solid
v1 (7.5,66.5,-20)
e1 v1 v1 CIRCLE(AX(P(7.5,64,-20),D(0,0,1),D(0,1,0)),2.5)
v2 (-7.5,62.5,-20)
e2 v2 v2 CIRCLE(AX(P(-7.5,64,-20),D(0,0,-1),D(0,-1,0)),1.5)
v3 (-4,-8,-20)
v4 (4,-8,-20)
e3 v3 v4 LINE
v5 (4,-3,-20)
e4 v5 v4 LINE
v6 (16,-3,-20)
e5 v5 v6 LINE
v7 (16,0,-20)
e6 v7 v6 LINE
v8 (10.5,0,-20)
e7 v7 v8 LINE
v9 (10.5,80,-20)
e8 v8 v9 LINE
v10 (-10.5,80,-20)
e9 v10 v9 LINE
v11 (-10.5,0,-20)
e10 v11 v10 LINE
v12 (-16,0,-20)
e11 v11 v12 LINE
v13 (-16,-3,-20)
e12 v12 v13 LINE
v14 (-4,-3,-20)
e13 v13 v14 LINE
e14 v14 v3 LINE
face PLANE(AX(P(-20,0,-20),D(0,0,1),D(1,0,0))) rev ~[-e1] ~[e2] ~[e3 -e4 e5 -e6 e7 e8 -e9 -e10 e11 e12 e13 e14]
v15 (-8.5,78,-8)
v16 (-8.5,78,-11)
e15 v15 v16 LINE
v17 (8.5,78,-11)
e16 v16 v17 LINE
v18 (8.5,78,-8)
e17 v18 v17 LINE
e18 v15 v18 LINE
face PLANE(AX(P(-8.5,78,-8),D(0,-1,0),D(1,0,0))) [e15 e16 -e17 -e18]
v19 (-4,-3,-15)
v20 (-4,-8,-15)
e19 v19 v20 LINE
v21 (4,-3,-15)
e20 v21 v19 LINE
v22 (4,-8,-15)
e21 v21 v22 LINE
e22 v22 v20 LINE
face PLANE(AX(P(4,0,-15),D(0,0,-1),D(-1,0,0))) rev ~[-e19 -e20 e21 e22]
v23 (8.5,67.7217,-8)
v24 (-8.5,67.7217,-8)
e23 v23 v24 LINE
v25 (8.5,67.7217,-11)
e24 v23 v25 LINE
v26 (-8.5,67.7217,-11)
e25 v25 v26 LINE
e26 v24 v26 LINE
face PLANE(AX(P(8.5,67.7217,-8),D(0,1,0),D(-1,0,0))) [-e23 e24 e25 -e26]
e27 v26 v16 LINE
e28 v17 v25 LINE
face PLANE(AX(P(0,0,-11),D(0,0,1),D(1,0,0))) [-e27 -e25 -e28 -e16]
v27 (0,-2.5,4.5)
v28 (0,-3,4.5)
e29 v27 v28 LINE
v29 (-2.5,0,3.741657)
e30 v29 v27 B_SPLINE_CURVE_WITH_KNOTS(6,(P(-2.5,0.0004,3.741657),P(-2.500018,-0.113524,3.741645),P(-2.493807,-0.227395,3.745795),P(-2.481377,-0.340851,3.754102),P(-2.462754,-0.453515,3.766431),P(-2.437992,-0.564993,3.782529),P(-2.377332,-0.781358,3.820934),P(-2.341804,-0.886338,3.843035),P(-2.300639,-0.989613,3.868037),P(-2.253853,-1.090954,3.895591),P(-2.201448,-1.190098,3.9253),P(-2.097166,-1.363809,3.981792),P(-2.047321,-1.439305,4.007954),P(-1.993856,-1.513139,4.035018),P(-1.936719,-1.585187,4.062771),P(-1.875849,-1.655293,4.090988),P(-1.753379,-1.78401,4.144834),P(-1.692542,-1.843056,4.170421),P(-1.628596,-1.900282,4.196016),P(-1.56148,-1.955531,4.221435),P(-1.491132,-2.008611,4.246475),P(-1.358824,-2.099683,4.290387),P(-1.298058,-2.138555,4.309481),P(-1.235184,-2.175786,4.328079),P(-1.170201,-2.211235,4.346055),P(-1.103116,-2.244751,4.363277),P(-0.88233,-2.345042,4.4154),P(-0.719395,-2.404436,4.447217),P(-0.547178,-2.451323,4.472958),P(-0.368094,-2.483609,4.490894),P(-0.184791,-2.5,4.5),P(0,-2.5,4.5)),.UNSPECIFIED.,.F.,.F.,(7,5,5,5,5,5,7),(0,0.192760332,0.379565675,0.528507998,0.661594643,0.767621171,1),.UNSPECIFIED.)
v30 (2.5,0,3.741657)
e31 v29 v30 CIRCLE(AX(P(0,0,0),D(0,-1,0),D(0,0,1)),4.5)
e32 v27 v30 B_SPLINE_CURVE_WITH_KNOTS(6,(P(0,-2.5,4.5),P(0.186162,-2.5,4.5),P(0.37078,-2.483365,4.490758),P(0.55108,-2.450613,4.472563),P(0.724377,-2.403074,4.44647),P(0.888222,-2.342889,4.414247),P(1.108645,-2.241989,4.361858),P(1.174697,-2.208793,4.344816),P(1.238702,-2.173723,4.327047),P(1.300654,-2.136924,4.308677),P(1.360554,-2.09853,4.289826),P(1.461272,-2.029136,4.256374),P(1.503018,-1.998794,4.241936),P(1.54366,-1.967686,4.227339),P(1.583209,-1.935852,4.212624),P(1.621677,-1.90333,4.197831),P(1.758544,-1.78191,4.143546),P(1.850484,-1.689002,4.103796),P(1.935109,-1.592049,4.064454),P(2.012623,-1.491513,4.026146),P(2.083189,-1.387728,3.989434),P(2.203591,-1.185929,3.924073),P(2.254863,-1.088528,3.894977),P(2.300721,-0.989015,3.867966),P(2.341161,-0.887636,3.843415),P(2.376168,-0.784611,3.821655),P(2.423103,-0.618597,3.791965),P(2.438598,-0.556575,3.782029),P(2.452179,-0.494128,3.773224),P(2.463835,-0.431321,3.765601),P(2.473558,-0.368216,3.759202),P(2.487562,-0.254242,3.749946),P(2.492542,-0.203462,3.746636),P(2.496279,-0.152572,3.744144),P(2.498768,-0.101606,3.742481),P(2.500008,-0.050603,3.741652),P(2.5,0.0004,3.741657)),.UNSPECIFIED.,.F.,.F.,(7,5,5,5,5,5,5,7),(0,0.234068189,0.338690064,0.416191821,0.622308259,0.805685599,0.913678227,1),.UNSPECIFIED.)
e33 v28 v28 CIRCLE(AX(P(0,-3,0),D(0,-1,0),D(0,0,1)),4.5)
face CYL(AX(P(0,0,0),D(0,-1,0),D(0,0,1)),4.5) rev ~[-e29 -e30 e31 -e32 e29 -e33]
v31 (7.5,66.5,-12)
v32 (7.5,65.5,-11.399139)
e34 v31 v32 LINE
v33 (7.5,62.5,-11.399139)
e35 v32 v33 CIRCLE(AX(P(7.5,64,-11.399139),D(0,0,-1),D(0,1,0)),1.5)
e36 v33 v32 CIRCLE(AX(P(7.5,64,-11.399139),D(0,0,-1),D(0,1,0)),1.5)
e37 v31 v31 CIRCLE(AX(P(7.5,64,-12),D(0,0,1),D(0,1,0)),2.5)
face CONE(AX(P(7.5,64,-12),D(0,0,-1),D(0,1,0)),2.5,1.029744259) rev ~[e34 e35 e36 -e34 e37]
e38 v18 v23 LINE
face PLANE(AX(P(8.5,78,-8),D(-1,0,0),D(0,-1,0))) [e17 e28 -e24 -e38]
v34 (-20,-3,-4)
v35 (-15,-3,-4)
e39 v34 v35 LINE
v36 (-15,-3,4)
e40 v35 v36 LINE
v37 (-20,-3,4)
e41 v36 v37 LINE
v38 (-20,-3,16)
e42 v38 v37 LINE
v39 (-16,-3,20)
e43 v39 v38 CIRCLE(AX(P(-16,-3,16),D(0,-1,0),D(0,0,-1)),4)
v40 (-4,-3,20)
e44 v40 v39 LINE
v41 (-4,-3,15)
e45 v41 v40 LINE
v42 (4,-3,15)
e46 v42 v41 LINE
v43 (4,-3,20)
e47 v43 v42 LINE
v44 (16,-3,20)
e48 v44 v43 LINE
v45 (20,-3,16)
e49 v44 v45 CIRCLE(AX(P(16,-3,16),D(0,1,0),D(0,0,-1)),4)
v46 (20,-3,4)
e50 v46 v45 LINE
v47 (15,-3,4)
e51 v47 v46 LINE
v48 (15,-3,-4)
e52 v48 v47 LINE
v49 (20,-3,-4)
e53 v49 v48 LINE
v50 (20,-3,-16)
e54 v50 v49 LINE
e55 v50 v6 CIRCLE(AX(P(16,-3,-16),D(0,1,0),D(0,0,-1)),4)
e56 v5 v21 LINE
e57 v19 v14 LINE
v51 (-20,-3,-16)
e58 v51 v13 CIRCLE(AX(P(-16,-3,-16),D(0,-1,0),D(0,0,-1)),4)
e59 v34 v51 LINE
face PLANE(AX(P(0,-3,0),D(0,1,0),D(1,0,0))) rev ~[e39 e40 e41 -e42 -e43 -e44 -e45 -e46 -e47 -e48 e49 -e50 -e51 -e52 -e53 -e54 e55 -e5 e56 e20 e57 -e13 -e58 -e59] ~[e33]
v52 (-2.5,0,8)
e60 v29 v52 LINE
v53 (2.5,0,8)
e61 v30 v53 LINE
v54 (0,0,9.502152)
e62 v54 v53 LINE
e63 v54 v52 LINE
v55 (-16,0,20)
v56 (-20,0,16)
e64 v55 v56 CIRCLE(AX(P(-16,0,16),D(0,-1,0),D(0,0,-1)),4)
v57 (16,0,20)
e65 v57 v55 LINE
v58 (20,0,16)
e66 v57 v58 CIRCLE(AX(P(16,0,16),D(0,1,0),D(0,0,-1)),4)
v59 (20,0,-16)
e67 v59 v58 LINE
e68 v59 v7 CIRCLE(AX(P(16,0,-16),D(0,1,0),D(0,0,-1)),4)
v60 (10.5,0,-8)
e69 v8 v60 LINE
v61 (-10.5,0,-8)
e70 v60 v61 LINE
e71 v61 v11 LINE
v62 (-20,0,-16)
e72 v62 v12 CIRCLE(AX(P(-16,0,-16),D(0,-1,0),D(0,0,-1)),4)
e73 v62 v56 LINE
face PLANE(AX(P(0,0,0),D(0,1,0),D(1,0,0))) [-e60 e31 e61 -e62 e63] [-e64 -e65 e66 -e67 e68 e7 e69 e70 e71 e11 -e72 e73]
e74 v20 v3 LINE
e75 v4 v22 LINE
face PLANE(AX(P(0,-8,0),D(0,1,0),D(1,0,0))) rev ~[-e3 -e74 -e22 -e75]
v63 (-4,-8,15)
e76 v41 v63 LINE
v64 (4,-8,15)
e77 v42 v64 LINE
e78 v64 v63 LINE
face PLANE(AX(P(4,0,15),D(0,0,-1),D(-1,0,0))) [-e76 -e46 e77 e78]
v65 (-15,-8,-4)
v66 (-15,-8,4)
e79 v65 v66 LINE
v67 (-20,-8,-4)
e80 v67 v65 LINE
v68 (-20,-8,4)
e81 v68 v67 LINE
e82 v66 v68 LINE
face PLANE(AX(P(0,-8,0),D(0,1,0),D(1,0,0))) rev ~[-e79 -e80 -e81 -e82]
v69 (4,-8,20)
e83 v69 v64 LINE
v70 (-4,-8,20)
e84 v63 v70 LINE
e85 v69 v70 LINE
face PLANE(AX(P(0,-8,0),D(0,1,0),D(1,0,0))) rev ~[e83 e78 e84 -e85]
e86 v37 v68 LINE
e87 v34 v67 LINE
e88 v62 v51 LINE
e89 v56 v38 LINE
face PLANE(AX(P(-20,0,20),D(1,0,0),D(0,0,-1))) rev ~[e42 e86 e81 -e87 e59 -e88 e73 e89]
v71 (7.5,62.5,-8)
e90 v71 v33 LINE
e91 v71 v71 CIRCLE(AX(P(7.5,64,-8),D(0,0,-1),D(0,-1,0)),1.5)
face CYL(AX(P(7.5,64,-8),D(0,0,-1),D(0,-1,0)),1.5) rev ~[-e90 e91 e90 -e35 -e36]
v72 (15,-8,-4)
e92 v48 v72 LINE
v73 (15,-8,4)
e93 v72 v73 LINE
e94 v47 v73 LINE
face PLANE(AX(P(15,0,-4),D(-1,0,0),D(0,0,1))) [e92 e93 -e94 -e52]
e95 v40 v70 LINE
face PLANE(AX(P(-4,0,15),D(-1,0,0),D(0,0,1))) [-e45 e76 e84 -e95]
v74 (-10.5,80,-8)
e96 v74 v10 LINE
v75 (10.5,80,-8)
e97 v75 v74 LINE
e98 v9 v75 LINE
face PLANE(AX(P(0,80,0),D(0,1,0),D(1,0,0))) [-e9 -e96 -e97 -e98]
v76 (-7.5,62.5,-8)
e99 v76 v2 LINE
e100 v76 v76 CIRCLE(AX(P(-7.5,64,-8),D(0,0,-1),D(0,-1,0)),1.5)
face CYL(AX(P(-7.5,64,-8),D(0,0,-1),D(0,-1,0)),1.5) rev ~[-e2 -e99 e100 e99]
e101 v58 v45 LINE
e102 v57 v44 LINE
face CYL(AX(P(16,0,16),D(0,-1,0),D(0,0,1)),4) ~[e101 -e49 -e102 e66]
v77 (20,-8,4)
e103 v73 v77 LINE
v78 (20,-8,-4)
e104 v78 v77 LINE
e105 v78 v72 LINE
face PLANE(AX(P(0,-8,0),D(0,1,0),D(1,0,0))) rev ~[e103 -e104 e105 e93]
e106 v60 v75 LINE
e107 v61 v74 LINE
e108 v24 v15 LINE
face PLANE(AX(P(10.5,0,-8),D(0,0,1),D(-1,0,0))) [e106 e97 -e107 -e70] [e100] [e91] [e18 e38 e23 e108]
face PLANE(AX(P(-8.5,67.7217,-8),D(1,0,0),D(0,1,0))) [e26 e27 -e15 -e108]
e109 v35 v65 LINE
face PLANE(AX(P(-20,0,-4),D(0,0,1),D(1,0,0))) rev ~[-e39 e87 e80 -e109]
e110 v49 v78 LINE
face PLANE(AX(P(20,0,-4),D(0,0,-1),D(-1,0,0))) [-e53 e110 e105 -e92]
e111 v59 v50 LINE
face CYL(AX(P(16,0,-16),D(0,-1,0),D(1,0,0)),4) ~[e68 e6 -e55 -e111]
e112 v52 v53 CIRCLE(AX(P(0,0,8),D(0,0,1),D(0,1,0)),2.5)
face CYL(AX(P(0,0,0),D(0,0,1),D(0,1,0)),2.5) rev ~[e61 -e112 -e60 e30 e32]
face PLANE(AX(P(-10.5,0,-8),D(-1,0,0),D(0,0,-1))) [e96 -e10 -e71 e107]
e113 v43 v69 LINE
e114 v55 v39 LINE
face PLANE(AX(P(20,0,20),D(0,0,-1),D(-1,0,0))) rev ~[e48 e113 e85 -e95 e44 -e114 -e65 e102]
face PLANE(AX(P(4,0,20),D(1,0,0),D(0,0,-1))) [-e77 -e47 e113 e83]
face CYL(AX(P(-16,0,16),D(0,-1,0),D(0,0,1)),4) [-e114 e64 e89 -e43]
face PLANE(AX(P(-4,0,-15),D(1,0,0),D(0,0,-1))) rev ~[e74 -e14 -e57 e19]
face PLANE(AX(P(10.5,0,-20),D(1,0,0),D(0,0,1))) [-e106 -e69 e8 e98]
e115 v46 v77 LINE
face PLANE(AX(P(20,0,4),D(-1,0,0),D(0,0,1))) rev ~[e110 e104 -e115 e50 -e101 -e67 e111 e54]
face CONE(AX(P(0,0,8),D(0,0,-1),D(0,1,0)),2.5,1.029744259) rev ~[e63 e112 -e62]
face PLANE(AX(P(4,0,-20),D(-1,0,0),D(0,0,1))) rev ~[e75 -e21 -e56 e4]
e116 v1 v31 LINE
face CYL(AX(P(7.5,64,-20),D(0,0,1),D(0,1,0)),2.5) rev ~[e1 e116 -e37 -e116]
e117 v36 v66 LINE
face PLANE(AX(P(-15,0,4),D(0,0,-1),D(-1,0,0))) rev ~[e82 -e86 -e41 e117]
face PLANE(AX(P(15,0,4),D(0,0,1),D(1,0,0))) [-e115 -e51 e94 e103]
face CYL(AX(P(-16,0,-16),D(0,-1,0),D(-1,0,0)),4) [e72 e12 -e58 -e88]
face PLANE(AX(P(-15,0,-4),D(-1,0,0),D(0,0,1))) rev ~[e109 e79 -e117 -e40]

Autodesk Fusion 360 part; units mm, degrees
sketch "Sketch1" plane through (0, 0, 0) normal (0, 1, 0) x (1, 0, 0)
  line L0 (20, -20) -> (-20, -20)
  line L1 (-20, -20) -> (-20, 20)
  line L2 (-20, 20) -> (20, 20)
  line L3 (20, 20) -> (20, -20)
  line L4 (20, -20) -> (-20, 20) construction
  line L5 (-20, -20) -> (20, 20) construction
  line L6 (-20, 4) -> (-15, 4)
  line L7 (-15, 4) -> (-15, -4)
  line L8 (-15, -4) -> (-20, -4)
  line L9 (-20, -4) -> (-20, 4)
  line L10 (-4, 20) -> (4, 20)
  line L11 (4, 20) -> (4, 15)
  line L12 (4, 15) -> (-4, 15)
  line L13 (-4, 15) -> (-4, 20)
  line L14 (20, 4) -> (15, 4)
  line L15 (15, 4) -> (15, -4)
  line L16 (15, -4) -> (20, -4)
  line L17 (20, -4) -> (20, 4)
  line L18 (-4, -20) -> (4, -20)
  line L19 (4, -20) -> (4, -15)
  line L20 (4, -15) -> (-4, -15)
  line L21 (-4, -15) -> (-4, -20)
  dimension "d1" = 40
  dimension "d2" = 40
  dimension "d3" = 5
  dimension "d4" = 8
  dimension "d5" = 16
  dimension "d6" = 5
  dimension "d7" = 16
  dimension "d8" = 8
  dimension "d9" = 5
  dimension "d10" = 5
  dimension "d11" = 8
  dimension "d12" = 8
  dimension "d13" = 16
  dimension "d14" = 16
extrude "Extrude1" add sketch "Sketch1" against normal blind 3 contours L0 L1 L2 L3 L6 L7 L8 L11 L12 L13 L14 L15 L16 L19 L20 L21
extrude "Extrude2" add sketch "Sketch1" against normal blind 8 contours L0 L18 L19 L20 L21 | L3 L14 L15 L16 L17 | L1 L6 L7 L8 L9 | L2 L10 L11 L12 L13
hole "Hole1" at (0, 0, 0) direction (0, -1, 0) diameter 9 depth 30 tip angle 118
fillet "Fillet1" radius 4 4 edges at (20, -1.5, -20) (-20, -1.5, -20) (20, -1.5, 20) (-20, -1.5, 20)
sketch "Sketch2" plane through (0, 0, 0) normal (0, 0, 1) x (1, 0, 0)
sketch "Sketch3" plane through (0, 0, 0) normal (0, 1, 0) x (1, 0, 0)
  line L0 (-10.5, 20) -> (10.5, 20)
  line L1 (10.5, 20) -> (10.5, 8)
  line L2 (10.5, 8) -> (-10.5, 8)
  line L3 (-10.5, 8) -> (-10.5, 20)
  line L4 (-20, -20) -> (-20, 20)
  dimension "d26" = 21
  dimension "d27" = 9.5
  dimension "d28" = 12
extrude "Extrude3" add sketch "Sketch3" along normal blind 80
sketch "Sketch4" plane through (0, 0, -8) normal (0, 0, 1) x (1, 0, 0)
  line L0 (-10.5, 0) -> (10.5, 0)
  line L1 (10.5, 0) -> (10.5, 80)
  line L2 (10.5, 80) -> (-10.5, 80)
  line L3 (-10.5, 80) -> (-10.5, 0)
  line L4 (-10.5, 80) -> (10.5, 80)
  line L5 (10.5, 80) -> (10.5, 59)
  line L6 (10.5, 59) -> (-10.5, 59)
  line L7 (-10.5, 59) -> (-10.5, 80)
  line L8 (8.5, 78) -> (8.5, 61)
  line L9 (8.5, 61) -> (-8.5, 61)
  line L10 (-8.5, 61) -> (-8.5, 78)
  line L11 (-8.5, 78) -> (8.5, 78)
  line L12 (-8.5, 78) -> (8.5, 78)
  line L13 (8.5, 78) -> (8.5, 67.7217)
  line L14 (8.5, 67.7217) -> (-8.5, 67.7217)
  line L15 (-8.5, 67.7217) -> (-8.5, 78)
  point P0 (-7.5, 64)
  point P1 (7.5, 64)
  dimension "d29" = 21
  dimension "d30" = 21
  dimension "d31" = 2
  dimension "d34" = 5
  dimension "d35" = 15
  dimension "d36" = 3
hole "Hole2" at (-7.5, 64, -8) at (7.5, 64, -8) direction (0, 0, -1) diameter 3 depth 55 tip angle 118
extrude "Extrude4" cut sketch "Sketch4" against normal blind 3 contours L8 L10 L11 L12 L13 L14 L15
sketch "Sketch5" plane through (0, 0, -20) normal (0, 0, -1) x (-1, 0, 0)
  circle A0 centre (7.5, 64) radius 1.5
  circle A1 centre (-7.5, 64) radius 1.5
  line L0 (16, -3) -> (16, 0)
  line L1 (16, 0) -> (10.5, 0)
  line L2 (10.5, 0) -> (10.5, 80)
  line L3 (10.5, 80) -> (-10.5, 80)
  line L4 (-10.5, 80) -> (-10.5, 0)
  line L5 (-10.5, 0) -> (-16, 0)
  line L6 (-16, 0) -> (-16, -3)
  line L7 (-16, -3) -> (-4, -3)
  line L8 (-4, -3) -> (-4, -8)
  line L9 (-4, -8) -> (4, -8)
  line L10 (4, -8) -> (4, -3)
  line L11 (4, -3) -> (16, -3)
  point P0 (-7.5, 64)
  point P1 (7.5, 64)
  point P2 (17, 58)
hole "Hole3" at (7.5, 64, -20) at (0, 0, 0) direction (0, 0, 1) diameter 5 depth 8 tip angle 118
equation "d6 = d3"
equation "d7 = d5"
equation "d8 = d4"
equation "d9 = d3"
equation "d10 = d3"
equation "d11 = d4"
equation "d12 = d4"
equation "d13 = d7"
equation "d14 = d7"
